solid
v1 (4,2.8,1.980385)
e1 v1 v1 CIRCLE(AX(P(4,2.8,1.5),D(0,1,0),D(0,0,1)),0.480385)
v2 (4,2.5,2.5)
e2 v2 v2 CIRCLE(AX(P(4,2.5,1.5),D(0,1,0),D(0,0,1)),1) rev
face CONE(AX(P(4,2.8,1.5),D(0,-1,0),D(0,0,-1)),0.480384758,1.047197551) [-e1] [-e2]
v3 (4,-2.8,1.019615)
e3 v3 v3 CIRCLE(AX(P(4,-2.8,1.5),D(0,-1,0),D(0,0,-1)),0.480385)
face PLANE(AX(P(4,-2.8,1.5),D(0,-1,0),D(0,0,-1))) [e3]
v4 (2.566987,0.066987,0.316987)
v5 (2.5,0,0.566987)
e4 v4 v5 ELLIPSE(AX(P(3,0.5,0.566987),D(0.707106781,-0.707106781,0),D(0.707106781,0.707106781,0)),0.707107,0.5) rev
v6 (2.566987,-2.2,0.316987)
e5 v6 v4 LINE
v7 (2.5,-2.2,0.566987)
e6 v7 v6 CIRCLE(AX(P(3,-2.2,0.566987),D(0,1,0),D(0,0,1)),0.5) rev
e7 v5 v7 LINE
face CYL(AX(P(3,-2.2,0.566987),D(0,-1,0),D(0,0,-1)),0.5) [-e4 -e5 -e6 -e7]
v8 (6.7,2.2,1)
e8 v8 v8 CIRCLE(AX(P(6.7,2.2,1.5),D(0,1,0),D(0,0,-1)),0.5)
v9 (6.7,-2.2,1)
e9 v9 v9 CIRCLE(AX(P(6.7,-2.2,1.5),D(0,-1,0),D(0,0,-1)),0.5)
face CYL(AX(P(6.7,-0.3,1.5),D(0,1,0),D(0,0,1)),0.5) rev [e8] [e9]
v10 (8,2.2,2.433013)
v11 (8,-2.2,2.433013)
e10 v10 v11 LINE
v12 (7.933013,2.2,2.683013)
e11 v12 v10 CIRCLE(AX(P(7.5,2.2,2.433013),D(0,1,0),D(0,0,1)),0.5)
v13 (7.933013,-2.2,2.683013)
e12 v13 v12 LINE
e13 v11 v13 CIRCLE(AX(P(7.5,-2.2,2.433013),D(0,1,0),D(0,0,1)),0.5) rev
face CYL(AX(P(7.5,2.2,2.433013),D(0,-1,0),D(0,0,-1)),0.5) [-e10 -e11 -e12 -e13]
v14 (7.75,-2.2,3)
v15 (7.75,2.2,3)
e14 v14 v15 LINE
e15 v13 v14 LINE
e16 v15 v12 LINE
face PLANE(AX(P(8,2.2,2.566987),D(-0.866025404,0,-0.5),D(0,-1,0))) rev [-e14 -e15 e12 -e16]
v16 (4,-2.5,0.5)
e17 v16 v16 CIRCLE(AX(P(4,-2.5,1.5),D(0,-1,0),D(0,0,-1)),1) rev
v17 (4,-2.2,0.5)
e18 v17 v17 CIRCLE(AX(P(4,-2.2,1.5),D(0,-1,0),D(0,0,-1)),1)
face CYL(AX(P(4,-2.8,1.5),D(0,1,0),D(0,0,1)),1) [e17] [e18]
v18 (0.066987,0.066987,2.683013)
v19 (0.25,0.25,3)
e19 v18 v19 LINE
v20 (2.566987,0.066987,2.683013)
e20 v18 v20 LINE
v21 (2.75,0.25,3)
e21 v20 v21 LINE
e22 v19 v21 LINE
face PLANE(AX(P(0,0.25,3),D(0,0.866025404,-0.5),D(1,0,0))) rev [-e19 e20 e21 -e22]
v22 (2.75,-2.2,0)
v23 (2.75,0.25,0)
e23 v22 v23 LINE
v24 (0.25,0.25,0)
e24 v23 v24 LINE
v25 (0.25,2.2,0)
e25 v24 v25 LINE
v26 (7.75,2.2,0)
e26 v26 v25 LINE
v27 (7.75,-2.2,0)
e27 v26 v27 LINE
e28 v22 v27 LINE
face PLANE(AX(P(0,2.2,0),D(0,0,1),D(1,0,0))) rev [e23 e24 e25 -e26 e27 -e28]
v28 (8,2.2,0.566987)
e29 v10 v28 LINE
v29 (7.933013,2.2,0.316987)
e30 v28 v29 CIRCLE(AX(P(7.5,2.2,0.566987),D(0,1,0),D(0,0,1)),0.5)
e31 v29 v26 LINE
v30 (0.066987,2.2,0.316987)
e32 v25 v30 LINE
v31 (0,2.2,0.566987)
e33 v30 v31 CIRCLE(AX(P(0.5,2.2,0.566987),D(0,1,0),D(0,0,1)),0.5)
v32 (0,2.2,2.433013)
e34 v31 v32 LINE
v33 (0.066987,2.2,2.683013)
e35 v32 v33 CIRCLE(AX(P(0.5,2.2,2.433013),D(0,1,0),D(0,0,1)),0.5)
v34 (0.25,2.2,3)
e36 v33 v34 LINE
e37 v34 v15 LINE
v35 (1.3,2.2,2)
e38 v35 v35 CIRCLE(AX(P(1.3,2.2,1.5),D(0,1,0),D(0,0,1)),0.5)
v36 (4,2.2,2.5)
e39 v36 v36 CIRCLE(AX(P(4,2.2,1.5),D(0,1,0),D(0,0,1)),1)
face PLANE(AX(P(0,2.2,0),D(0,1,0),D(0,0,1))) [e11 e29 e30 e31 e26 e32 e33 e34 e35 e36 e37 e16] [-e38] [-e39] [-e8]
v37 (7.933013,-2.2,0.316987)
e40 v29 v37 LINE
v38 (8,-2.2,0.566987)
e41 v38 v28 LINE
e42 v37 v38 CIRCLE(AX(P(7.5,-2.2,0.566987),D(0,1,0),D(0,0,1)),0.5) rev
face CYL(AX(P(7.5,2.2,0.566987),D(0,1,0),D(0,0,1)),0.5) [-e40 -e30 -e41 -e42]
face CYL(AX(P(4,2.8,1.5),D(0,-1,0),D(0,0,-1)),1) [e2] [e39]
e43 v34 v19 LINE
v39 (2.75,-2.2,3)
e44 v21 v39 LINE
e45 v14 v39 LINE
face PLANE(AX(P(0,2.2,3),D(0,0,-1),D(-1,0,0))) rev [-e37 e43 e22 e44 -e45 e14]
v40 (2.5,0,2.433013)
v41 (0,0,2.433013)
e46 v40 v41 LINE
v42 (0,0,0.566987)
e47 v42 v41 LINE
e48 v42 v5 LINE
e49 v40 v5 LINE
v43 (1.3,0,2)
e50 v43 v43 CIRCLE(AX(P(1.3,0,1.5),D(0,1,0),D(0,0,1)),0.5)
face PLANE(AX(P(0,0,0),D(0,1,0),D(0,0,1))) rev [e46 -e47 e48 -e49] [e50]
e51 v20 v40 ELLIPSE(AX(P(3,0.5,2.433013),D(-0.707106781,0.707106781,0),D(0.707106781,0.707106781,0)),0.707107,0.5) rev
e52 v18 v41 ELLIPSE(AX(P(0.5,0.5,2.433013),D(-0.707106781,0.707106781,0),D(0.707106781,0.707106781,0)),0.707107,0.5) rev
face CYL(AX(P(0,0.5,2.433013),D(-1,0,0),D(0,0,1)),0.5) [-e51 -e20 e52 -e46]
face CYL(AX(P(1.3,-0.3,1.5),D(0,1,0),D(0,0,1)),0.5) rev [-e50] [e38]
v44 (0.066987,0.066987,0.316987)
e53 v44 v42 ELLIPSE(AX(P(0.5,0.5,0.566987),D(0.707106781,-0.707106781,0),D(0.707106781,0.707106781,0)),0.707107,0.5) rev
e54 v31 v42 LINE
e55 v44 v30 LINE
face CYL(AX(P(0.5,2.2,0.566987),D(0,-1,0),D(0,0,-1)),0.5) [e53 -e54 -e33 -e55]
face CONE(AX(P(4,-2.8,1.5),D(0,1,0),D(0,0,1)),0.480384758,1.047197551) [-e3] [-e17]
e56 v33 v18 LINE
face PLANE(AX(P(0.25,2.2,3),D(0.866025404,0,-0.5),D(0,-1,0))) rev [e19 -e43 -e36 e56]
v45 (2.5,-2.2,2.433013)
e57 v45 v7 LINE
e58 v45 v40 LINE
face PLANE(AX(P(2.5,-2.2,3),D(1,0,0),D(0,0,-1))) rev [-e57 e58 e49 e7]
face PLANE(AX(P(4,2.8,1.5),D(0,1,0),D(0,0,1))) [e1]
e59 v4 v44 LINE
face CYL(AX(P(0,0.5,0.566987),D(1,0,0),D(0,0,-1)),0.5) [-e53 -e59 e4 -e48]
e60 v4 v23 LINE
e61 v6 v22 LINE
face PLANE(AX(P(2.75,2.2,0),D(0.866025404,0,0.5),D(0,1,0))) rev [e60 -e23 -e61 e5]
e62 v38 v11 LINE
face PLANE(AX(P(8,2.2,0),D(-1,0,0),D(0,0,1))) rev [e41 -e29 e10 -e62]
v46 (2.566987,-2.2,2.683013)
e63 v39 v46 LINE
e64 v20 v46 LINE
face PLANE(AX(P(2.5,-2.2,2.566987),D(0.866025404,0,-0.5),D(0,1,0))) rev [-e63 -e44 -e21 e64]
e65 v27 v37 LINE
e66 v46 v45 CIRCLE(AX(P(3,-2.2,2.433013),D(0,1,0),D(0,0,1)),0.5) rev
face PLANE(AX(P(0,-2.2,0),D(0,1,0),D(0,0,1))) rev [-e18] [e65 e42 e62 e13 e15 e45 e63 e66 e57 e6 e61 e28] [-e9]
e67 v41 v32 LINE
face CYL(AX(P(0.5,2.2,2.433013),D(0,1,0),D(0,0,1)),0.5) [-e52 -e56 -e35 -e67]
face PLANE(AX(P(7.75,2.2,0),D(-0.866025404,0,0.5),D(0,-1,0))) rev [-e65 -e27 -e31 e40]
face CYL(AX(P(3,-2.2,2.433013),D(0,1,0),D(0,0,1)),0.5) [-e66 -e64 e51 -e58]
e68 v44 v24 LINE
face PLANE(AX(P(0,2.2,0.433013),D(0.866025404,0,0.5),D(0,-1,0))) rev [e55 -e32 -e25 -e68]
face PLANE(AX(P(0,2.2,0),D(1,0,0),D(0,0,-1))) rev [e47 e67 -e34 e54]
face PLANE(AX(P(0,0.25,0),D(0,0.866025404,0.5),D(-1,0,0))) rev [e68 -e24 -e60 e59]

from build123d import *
from OCP.BRepFilletAPI import BRepFilletAPI_MakeChamfer
from build123d.topology import SkipClean

# Parameters (mm, degrees)
SKETCH1_W           = 8
SKETCH1_H           = 3
BOSS_EXTRUDE1_DEPTH = 2.2
SKETCH2_R           = 1
BOSS_EXTRUDE2_DEPTH = 0.6
SKETCH3_R           = 0.5
CUT_EXTRUDE1_DEPTH  = 2.5
SKETCH4_W           = 5.5
SKETCH4_H           = 3
BOSS_EXTRUDE3_DEPTH = 2.2
BOSS_EXTRUDE4_START = 0.6
SKETCH5_R           = 1
BOSS_EXTRUDE4_DEPTH = 0.6
CUT_EXTRUDE2_START  = -2.5
SKETCH6_R           = 0.5
CUT_EXTRUDE2_DEPTH  = 2.5
CHAMFER1_SIZE       = 0.25
CHAMFER1_SIZE2      = 0.433012702
FILLET1_R           = 0.5
CHAMFER2_SIZE       = 0.3
CHAMFER2_SIZE2      = 0.519615242


with BuildPart() as part:
    # Sketch1 → Boss-Extrude1 (new body)
    with BuildSketch(Plane(origin=(0, 0, 0), x_dir=(1, 0, 0), z_dir=(0, 1, 0))):
        with Locations((4, -1.5)):
            Rectangle(SKETCH1_W, SKETCH1_H)
    extrude(amount=BOSS_EXTRUDE1_DEPTH)

    # Sketch2 → Boss-Extrude2 (add)
    with BuildSketch(Plane(origin=(0, 2.2, 0), x_dir=(1, 0, 0), z_dir=(0, 1, 0))):
        with Locations(Location((4, -1.5, 0), (0, 0, 270))):
            Circle(SKETCH2_R)
    extrude(amount=BOSS_EXTRUDE2_DEPTH)

    # Sketch3 → Cut-Extrude1 (cut)
    with BuildSketch(Plane(origin=(0, 2.2, 0), x_dir=(1, 0, 0), z_dir=(0, 1, 0))):
        with Locations(Location((1.3, -1.5, 0), (0, 0, 270))):
            Circle(SKETCH3_R)
        with Locations(Location((6.7, -1.5, 0), (0, 0, 270))):
            Circle(SKETCH3_R)
    extrude(amount=-CUT_EXTRUDE1_DEPTH, mode=Mode.SUBTRACT)

    # Sketch4 → Boss-Extrude3 (add)
    with BuildSketch(Plane.XZ):
        with Locations((5.25, 1.5)):
            Rectangle(SKETCH4_W, SKETCH4_H)
    extrude(amount=BOSS_EXTRUDE3_DEPTH)

    # Sketch5 → Boss-Extrude4 (add)
    with BuildSketch(Plane.XZ.offset(2.2).offset(BOSS_EXTRUDE4_START)):
        with Locations(Location((4, 1.5, 0), (0, 0, 90))):
            Circle(SKETCH5_R)
    extrude(amount=-BOSS_EXTRUDE4_DEPTH)

    # Sketch6 → Cut-Extrude2 (cut)
    with SkipClean():  # the faces are left unmerged after this step: merging them gives an invalid solid
        with BuildSketch(Plane.XZ.offset(2.2).offset(CUT_EXTRUDE2_START)):
            with Locations(Location((6.7, 1.5, 0), (0, 0, 270))):
                Circle(SKETCH6_R)
        extrude(amount=CUT_EXTRUDE2_DEPTH, mode=Mode.SUBTRACT)

    # Chamfer1: one chamfer whose edges measure the first distance from different faces: ONE call of the kernel's chamfer builder (chamfer() names one face for all edges)
    chamfer1_edges_1 = [part.edges().sort_by_distance(p)[0] for p in [
        (1.25, 0, 0),
        (2.5, -1.1, 0),
        (0, 1.1, 0),
        (8, 0, 0),
    ]]
    chamfer1_side_1 = [part.faces().sort_by_distance(p)[0] for p in [
        (4.509259259, 0.203703704, 0),
    ]]
    chamfer1_edges_2 = [part.edges().sort_by_distance(p)[0] for p in [
        (2.5, -1.1, 3),
        (1.25, 0, 3),
        (8, 0, 3),
        (0, 1.1, 3),
    ]]
    chamfer1_side_2 = [part.faces().sort_by_distance(p)[0] for p in [
        (4.509259259, 0.203703704, 3),
    ]]
    chamfer1 = BRepFilletAPI_MakeChamfer(part.part.solid().wrapped)
    for e in chamfer1_edges_1:
        chamfer1.Add(CHAMFER1_SIZE, CHAMFER1_SIZE2, e.wrapped, chamfer1_side_1[0].wrapped)  # the first distance lies on this face
    for e in chamfer1_edges_2:
        chamfer1.Add(CHAMFER1_SIZE, CHAMFER1_SIZE2, e.wrapped, chamfer1_side_2[0].wrapped)  # the first distance lies on this face
    add(Compound.cast(chamfer1.Shape()), mode=Mode.REPLACE)

    # Fillet1
    fillet1_edges = [part.edges().sort_by_distance(p)[0] for p in [
        (8, 0, 2.566987298),
        (8, 0, 0.433012702),
        (2.5, -1.1, 2.566987298),
        (2.5, -1.1, 0.433012702),
        (1.25, 0, 2.566987298),
        (1.25, 0, 0.433012702),
        (0, 1.1, 2.566987298),
        (0, 1.1, 0.433012702),
    ]]
    fillet(fillet1_edges, radius=FILLET1_R)

    # Chamfer2: one chamfer whose edges measure the first distance from different faces: ONE call of the kernel's chamfer builder (chamfer() names one face for all edges)
    chamfer2_edges_1 = [part.edges().sort_by_distance(p)[0] for p in [
        (4, 2.8, 0.5),
    ]]
    chamfer2_side_1 = [part.faces().sort_by_distance(p)[0] for p in [
        (4, 2.5, 0.5),
    ]]
    chamfer2_edges_2 = [part.edges().sort_by_distance(p)[0] for p in [
        (4, -2.8, 0.5),
    ]]
    chamfer2_side_2 = [part.faces().sort_by_distance(p)[0] for p in [
        (4, -2.5, 0.5),
    ]]
    chamfer2 = BRepFilletAPI_MakeChamfer(part.part.solid().wrapped)
    for e in chamfer2_edges_1:
        chamfer2.Add(CHAMFER2_SIZE, CHAMFER2_SIZE2, e.wrapped, chamfer2_side_1[0].wrapped)  # the first distance lies on this face
    for e in chamfer2_edges_2:
        chamfer2.Add(CHAMFER2_SIZE, CHAMFER2_SIZE2, e.wrapped, chamfer2_side_2[0].wrapped)  # the first distance lies on this face
    add(Compound.cast(chamfer2.Shape()), mode=Mode.REPLACE)


solid = part.part
